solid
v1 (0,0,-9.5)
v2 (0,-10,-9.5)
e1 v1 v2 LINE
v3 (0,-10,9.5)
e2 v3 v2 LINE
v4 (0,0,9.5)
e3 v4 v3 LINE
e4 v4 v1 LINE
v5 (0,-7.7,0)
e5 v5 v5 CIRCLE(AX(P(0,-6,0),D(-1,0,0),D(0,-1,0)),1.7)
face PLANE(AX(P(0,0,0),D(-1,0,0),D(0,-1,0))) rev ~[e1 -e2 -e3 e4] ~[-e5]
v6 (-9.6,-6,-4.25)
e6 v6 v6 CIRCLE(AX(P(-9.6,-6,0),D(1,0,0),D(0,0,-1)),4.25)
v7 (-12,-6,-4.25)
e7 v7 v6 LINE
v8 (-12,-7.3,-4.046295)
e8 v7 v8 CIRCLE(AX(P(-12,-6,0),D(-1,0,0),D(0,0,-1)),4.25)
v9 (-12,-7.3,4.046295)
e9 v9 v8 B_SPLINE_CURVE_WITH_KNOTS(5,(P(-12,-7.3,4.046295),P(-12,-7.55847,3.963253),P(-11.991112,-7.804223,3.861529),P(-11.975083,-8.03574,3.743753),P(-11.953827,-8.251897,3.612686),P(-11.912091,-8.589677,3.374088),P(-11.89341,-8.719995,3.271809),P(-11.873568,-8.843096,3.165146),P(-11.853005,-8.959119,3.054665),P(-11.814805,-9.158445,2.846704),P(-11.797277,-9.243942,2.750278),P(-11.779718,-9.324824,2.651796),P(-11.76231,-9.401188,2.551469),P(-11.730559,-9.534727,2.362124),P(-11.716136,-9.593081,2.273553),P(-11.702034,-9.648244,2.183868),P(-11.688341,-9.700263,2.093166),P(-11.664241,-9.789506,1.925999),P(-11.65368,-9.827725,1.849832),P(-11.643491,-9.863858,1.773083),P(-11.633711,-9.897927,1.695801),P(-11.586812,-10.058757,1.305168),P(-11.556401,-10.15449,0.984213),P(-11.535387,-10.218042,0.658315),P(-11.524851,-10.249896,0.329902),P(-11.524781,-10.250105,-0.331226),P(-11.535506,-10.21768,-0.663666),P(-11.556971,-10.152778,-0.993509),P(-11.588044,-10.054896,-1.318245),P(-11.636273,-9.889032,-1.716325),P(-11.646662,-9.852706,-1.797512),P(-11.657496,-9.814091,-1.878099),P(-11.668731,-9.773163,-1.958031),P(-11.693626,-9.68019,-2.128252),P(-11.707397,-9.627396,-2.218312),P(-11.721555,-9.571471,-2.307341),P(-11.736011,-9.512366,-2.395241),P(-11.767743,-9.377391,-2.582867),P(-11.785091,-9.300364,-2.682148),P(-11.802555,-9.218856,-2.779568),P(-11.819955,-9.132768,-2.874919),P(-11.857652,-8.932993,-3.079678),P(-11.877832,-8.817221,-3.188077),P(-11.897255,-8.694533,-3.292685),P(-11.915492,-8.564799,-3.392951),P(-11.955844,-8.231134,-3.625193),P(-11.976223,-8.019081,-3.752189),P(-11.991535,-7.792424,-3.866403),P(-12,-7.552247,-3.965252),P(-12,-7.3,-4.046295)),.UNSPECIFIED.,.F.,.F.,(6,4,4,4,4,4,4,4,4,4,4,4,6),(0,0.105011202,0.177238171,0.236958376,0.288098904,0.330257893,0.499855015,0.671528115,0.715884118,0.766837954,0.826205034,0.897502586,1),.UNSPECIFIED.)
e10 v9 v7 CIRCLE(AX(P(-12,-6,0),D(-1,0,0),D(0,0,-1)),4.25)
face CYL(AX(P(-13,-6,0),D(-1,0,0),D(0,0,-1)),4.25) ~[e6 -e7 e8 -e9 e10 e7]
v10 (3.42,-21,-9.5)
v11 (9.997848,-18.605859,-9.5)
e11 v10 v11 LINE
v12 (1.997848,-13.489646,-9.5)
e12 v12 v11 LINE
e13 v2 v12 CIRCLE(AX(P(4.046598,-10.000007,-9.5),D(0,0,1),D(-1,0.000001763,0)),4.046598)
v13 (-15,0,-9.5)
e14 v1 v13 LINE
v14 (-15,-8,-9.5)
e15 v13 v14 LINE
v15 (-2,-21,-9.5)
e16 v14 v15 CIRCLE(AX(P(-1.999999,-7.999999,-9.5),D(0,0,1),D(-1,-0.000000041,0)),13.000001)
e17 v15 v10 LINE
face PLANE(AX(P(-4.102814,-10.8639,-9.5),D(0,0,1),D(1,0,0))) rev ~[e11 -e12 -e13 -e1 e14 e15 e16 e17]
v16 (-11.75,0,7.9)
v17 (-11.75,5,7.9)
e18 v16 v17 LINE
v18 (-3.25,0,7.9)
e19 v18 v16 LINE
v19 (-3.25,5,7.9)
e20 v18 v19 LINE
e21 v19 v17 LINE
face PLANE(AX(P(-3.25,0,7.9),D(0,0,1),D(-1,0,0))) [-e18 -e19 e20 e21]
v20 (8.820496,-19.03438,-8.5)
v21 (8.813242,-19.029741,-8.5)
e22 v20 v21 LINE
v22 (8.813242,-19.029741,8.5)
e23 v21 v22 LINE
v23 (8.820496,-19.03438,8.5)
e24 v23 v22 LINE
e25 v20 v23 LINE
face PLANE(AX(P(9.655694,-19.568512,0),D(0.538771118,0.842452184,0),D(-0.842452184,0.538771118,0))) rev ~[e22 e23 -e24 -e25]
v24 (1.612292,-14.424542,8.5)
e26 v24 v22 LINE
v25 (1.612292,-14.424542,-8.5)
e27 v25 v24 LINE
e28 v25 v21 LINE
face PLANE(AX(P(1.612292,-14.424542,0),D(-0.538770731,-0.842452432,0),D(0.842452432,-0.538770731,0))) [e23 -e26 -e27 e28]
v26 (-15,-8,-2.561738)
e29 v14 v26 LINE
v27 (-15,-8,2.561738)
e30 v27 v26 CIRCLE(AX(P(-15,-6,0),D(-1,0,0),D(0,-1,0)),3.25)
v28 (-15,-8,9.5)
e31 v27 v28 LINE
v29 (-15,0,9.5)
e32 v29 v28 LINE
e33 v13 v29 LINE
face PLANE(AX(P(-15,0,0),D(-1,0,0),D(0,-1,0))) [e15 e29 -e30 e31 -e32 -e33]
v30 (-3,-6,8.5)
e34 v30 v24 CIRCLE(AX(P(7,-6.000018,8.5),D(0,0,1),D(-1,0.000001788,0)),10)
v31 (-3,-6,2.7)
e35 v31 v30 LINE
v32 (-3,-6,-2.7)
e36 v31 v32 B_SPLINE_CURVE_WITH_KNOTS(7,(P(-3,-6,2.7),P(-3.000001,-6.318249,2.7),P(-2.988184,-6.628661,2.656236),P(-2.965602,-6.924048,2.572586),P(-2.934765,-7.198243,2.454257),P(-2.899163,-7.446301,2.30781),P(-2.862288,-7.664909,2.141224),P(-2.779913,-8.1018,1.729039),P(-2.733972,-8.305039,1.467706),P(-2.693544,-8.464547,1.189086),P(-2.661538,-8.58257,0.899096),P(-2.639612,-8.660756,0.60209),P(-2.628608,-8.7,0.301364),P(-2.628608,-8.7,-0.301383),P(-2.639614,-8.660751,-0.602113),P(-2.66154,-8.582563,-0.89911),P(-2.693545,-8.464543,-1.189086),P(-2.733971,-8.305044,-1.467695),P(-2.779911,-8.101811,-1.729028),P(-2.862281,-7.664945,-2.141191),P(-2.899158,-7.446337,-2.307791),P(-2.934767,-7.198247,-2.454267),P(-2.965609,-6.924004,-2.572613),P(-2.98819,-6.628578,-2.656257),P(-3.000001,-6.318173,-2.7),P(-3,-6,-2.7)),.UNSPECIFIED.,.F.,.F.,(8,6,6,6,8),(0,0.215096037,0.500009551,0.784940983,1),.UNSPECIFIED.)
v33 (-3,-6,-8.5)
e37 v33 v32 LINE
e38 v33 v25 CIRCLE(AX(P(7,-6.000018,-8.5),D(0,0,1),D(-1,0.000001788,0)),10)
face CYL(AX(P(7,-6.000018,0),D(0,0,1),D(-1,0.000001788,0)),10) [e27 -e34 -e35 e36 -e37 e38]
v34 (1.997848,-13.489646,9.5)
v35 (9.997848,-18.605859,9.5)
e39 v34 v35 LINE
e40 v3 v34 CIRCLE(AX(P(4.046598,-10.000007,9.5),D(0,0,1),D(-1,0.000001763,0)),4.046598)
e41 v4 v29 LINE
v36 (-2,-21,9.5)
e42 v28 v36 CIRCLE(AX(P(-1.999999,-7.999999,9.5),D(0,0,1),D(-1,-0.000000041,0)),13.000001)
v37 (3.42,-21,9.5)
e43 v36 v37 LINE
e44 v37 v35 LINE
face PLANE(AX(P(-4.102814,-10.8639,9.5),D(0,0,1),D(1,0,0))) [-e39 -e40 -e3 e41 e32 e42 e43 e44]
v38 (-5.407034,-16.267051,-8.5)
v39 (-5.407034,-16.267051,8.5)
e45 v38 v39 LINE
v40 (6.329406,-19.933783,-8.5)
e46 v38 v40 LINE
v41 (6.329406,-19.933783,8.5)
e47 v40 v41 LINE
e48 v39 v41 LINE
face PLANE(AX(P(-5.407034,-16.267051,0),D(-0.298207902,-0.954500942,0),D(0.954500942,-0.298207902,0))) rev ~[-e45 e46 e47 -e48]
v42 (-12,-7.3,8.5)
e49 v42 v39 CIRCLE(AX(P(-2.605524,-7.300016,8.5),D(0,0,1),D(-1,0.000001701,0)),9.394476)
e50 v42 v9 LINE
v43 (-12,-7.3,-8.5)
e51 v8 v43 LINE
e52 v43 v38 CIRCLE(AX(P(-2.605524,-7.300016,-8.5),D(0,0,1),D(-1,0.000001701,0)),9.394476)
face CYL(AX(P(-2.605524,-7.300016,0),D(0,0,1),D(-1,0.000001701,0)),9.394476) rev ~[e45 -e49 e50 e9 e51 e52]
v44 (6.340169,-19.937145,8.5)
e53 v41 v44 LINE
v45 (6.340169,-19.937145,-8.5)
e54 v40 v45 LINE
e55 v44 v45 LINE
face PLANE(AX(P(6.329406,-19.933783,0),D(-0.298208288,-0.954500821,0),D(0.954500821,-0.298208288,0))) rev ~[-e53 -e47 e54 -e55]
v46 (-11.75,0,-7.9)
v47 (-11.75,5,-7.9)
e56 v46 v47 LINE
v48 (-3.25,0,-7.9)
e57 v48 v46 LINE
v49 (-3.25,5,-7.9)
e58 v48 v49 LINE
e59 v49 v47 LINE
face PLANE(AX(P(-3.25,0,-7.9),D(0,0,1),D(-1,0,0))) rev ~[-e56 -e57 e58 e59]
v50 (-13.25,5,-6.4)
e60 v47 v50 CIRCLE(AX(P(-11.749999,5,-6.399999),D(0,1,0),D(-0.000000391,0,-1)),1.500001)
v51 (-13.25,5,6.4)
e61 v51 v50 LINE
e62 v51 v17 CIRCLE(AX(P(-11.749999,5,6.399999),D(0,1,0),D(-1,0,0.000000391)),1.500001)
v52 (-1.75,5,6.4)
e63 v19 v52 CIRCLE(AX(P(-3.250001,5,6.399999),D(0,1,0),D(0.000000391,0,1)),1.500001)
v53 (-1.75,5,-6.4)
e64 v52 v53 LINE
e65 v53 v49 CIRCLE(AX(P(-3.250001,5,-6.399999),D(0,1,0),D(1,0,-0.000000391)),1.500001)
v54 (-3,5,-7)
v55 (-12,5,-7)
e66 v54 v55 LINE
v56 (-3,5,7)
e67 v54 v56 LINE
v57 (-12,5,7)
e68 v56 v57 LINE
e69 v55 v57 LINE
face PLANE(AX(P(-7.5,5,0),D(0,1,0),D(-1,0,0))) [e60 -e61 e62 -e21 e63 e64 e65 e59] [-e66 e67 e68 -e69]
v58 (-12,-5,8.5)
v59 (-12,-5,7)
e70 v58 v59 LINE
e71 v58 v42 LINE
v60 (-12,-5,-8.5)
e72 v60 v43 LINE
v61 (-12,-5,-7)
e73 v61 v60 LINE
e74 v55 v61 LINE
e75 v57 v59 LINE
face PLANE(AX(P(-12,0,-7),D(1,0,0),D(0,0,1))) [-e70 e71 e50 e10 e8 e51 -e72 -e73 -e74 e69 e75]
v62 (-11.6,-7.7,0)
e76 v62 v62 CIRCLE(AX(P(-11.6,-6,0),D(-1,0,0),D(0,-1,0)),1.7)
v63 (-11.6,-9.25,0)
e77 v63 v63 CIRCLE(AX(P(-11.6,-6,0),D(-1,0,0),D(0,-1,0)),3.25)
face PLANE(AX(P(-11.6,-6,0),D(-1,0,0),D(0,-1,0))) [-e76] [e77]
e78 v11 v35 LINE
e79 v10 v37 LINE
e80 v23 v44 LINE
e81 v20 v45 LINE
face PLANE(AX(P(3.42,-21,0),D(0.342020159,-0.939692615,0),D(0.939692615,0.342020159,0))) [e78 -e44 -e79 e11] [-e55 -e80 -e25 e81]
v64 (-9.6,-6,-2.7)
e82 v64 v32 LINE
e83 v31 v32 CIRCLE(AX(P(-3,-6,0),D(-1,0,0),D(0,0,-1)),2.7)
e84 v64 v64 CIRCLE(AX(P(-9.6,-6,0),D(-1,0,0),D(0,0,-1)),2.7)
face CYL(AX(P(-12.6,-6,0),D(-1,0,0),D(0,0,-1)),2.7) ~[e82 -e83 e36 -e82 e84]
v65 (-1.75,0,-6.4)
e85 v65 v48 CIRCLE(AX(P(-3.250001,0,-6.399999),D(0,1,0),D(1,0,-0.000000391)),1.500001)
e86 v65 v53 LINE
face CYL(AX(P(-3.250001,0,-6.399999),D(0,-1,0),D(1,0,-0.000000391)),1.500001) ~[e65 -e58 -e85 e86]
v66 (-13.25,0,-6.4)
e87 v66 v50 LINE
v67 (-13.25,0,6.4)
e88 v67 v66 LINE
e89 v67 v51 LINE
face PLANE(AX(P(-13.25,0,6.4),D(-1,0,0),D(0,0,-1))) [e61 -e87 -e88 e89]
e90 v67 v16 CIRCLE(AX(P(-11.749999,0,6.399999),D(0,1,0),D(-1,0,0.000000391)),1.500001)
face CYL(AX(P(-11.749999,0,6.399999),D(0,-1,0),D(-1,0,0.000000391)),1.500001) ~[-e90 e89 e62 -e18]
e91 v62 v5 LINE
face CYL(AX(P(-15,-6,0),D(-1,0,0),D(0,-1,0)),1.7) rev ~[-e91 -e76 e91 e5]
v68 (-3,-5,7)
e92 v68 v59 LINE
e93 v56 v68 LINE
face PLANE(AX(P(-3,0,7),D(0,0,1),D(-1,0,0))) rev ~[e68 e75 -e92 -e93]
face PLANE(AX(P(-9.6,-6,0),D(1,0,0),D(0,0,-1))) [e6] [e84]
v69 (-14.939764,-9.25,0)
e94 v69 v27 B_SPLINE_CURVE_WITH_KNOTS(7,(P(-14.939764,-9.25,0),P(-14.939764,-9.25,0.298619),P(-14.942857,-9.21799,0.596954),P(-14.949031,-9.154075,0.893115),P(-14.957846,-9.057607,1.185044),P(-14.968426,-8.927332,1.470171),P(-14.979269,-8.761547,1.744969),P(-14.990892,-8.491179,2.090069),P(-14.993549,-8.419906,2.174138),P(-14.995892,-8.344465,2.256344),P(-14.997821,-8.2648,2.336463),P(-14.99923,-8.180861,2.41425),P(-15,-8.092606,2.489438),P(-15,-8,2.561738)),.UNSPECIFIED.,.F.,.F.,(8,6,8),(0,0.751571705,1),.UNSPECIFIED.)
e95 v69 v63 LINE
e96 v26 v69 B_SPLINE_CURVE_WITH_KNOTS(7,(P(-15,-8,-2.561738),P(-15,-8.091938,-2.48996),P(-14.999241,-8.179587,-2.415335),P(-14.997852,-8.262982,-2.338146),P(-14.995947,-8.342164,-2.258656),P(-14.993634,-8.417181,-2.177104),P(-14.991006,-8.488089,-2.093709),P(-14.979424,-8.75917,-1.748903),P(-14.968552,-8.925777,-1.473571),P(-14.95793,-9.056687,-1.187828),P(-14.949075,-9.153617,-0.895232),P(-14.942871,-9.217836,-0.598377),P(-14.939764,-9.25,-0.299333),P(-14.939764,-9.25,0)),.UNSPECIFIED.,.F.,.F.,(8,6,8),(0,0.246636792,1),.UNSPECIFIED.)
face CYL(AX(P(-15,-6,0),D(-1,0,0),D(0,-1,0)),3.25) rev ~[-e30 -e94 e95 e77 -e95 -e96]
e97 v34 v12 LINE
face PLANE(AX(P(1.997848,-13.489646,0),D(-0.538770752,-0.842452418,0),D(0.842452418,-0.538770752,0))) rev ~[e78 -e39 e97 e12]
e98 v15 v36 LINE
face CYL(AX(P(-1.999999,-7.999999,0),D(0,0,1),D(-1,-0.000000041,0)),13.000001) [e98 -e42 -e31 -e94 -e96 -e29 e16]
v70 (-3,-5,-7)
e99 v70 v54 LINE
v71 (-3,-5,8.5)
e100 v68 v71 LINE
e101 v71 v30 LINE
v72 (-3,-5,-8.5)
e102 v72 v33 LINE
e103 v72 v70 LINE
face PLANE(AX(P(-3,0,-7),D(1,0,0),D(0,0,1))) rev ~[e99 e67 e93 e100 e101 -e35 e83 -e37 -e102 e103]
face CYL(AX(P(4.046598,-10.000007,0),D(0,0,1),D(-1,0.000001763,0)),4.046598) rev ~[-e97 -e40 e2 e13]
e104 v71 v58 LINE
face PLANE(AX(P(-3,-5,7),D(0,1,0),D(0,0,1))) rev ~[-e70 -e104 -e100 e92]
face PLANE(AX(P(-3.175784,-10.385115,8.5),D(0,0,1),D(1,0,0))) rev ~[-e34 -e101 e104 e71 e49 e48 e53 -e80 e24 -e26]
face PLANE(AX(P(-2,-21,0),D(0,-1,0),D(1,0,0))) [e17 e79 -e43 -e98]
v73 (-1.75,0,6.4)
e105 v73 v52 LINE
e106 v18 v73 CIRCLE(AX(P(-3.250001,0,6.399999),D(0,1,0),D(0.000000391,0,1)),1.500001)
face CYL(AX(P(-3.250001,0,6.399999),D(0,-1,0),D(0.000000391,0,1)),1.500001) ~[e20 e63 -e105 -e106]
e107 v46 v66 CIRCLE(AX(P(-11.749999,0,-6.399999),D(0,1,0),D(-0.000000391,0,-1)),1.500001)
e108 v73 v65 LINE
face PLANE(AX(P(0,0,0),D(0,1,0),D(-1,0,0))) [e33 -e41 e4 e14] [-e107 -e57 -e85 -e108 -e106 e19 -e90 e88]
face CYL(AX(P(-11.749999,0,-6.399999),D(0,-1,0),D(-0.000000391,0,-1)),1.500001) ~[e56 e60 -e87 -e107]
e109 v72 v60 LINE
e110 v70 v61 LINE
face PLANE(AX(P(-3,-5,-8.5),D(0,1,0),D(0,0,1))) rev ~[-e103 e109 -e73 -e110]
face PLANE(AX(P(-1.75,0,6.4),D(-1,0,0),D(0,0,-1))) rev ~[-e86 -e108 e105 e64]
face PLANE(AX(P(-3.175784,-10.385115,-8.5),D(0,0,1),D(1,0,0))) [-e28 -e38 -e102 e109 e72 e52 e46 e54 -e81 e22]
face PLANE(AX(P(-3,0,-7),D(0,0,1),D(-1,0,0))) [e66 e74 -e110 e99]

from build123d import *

# Parameters (mm, degrees)
CYLINDER001_R           = 4.25
CYLINDER001_DEPTH       = 3.4
CYLINDER001_PITCH_ANGLE = 90
CYLINDER_R              = 2.7
CYLINDER_DEPTH          = 11
CYLINDER_PITCH_ANGLE    = 90
PAD001_DEPTH            = 8.5
SKETCH002_W             = 6
SKETCH002_H             = 1.5
POCKET_DEPTH            = 9.001
PAD_DEPTH               = 9.5
SKETCH003_R             = 3.25
POCKET001_DEPTH         = 3.4
SKETCH004_R             = 1.7
POCKET002_DEPTH         = 24.998848
SKETCH005_W             = 9
SKETCH005_H             = 14
PAD002_DEPTH            = 5


with BuildPart() as cylinder001:
    # Cylinder001 → Cylinder001 (new body)
    with BuildSketch(Plane.XY):
        Circle(CYLINDER001_R)
    extrude(amount=CYLINDER001_DEPTH)


with BuildPart() as cylinder001_1:
    # Cylinder001 pitch: moved
    add(cylinder001.part.rotate(Axis((0, 0, 0), (0, 1, 0)), CYLINDER001_PITCH_ANGLE))


with BuildPart() as cylinder001_2:
    # Cylinder001 placement: moved
    add(cylinder001_1.part.moved(Location((-13, -6, 0))))


with BuildPart() as screw_tube:
    # Cylinder → Cylinder (new body)
    with BuildSketch(Plane.XY):
        Circle(CYLINDER_R)
    extrude(amount=CYLINDER_DEPTH)


with BuildPart() as screw_tube_1:
    # Cylinder pitch: moved
    add(screw_tube.part.rotate(Axis((0, 0, 0), (0, 1, 0)), CYLINDER_PITCH_ANGLE))


with BuildPart() as screw_tube_2:
    # Cylinder placement: moved
    add(screw_tube_1.part.moved(Location((-12.6, -6, 0))))

    # Fusion: union Cylinder001
    add(cylinder001_2.part)


with BuildPart() as pocket:
    # Sketch001 → Pad001 (new body, symmetric)
    with BuildSketch(Plane.XY):
        with BuildLine():
            Line((-12, 0), (-12, -7.3))
            ThreePointArc((-12, -7.3), (-10.174376, -12.864965), (-5.407034, -16.267051))
            Line((-5.407034, -16.267051), (6.329406, -19.933783))
            Line((6.329406, -19.933783), (7.579268, -20.324269))
            Line((7.579268, -20.324269), (9.655694, -19.568512))
            Line((9.655694, -19.568512), (8.813242, -19.029741))
            Line((1.612292, -14.424542), (8.813242, -19.029741))
            ThreePointArc((-3, -6), (-1.771466, -10.802245), (1.612292, -14.424542))
            Line((-3, 0), (-3, -6))
            Line((-3, 1), (-3, 0))
            Line((-12, 1), (-3, 1))
            Line((-12, 0), (-12, 1))
        make_face()
    extrude(amount=PAD001_DEPTH, both=True)

    # Sketch002 → Pocket (cut, through all)
    with BuildSketch(Plane.YZ.offset(-3)):
        with Locations((-2, 7.75)):
            Rectangle(SKETCH002_W, SKETCH002_H)
        with Locations((-2, -7.75)):
            Rectangle(SKETCH002_W, SKETCH002_H)
    extrude(amount=-POCKET_DEPTH, mode=Mode.SUBTRACT)


with BuildPart() as top:
    # Sketch → Pad (new body, symmetric)
    with BuildSketch(Plane.XY):
        with BuildLine():
            Line((0, 0), (-15, 0))
            Line((-15, 0), (-15, -8))
            ThreePointArc((-15, -8), (-11.192388, -17.192388), (-2, -21))
            Line((-2, -21), (3.42, -21))
            Line((3.42, -21), (9.997848, -18.605859))
            Line((1.997848, -13.489646), (9.997848, -18.605859))
            ThreePointArc((0, -10), (0.5348, -12.010537), (1.997848, -13.489646))
            Line((0, 0), (0, -10))
        make_face()
    extrude(amount=PAD_DEPTH, both=True)

    # Cut: cut Pocket
    add(pocket.part, mode=Mode.SUBTRACT)

    # Fusion001: union screw-tube
    add(screw_tube_2.part)

    # Sketch003 → Pocket001 (cut)
    with BuildSketch(Plane(origin=(-15, 0, 0), x_dir=(0, -1, 0), z_dir=(-1, 0, 0))):
        with Locations((6, 0)):
            Circle(SKETCH003_R)
    extrude(amount=-POCKET001_DEPTH, mode=Mode.SUBTRACT)

    # Sketch004 → Pocket002 (cut, through all)
    with BuildSketch(Plane(origin=(-15, 0, 0), x_dir=(0, -1, 0), z_dir=(-1, 0, 0))):
        with Locations((6, 0)):
            Circle(SKETCH004_R)
    extrude(amount=-POCKET002_DEPTH, mode=Mode.SUBTRACT)

    # Sketch005 → Pad002 (new body)
    with BuildSketch(Plane(origin=(0, 0, 0), x_dir=(-1, 0, 0), z_dir=(0, 1, 0))):
        with BuildLine():
            ThreePointArc((3.25, 7.9), (2.18934, 7.46066), (1.75, 6.4))
            Line((1.75, 6.4), (1.75, -6.4))
            ThreePointArc((1.75, -6.4), (2.18934, -7.46066), (3.25, -7.9))
            Line((3.25, -7.9), (11.75, -7.9))
            ThreePointArc((11.75, -7.9), (12.81066, -7.46066), (13.25, -6.4))
            Line((13.25, 6.4), (13.25, -6.4))
            ThreePointArc((13.25, 6.4), (12.81066, 7.46066), (11.75, 7.9))
            Line((3.25, 7.9), (11.75, 7.9))
        make_face()
        with Locations((7.5, 0)):
            Rectangle(SKETCH005_W, SKETCH005_H, mode=Mode.SUBTRACT)
    extrude(amount=PAD002_DEPTH)


solid = top.part
